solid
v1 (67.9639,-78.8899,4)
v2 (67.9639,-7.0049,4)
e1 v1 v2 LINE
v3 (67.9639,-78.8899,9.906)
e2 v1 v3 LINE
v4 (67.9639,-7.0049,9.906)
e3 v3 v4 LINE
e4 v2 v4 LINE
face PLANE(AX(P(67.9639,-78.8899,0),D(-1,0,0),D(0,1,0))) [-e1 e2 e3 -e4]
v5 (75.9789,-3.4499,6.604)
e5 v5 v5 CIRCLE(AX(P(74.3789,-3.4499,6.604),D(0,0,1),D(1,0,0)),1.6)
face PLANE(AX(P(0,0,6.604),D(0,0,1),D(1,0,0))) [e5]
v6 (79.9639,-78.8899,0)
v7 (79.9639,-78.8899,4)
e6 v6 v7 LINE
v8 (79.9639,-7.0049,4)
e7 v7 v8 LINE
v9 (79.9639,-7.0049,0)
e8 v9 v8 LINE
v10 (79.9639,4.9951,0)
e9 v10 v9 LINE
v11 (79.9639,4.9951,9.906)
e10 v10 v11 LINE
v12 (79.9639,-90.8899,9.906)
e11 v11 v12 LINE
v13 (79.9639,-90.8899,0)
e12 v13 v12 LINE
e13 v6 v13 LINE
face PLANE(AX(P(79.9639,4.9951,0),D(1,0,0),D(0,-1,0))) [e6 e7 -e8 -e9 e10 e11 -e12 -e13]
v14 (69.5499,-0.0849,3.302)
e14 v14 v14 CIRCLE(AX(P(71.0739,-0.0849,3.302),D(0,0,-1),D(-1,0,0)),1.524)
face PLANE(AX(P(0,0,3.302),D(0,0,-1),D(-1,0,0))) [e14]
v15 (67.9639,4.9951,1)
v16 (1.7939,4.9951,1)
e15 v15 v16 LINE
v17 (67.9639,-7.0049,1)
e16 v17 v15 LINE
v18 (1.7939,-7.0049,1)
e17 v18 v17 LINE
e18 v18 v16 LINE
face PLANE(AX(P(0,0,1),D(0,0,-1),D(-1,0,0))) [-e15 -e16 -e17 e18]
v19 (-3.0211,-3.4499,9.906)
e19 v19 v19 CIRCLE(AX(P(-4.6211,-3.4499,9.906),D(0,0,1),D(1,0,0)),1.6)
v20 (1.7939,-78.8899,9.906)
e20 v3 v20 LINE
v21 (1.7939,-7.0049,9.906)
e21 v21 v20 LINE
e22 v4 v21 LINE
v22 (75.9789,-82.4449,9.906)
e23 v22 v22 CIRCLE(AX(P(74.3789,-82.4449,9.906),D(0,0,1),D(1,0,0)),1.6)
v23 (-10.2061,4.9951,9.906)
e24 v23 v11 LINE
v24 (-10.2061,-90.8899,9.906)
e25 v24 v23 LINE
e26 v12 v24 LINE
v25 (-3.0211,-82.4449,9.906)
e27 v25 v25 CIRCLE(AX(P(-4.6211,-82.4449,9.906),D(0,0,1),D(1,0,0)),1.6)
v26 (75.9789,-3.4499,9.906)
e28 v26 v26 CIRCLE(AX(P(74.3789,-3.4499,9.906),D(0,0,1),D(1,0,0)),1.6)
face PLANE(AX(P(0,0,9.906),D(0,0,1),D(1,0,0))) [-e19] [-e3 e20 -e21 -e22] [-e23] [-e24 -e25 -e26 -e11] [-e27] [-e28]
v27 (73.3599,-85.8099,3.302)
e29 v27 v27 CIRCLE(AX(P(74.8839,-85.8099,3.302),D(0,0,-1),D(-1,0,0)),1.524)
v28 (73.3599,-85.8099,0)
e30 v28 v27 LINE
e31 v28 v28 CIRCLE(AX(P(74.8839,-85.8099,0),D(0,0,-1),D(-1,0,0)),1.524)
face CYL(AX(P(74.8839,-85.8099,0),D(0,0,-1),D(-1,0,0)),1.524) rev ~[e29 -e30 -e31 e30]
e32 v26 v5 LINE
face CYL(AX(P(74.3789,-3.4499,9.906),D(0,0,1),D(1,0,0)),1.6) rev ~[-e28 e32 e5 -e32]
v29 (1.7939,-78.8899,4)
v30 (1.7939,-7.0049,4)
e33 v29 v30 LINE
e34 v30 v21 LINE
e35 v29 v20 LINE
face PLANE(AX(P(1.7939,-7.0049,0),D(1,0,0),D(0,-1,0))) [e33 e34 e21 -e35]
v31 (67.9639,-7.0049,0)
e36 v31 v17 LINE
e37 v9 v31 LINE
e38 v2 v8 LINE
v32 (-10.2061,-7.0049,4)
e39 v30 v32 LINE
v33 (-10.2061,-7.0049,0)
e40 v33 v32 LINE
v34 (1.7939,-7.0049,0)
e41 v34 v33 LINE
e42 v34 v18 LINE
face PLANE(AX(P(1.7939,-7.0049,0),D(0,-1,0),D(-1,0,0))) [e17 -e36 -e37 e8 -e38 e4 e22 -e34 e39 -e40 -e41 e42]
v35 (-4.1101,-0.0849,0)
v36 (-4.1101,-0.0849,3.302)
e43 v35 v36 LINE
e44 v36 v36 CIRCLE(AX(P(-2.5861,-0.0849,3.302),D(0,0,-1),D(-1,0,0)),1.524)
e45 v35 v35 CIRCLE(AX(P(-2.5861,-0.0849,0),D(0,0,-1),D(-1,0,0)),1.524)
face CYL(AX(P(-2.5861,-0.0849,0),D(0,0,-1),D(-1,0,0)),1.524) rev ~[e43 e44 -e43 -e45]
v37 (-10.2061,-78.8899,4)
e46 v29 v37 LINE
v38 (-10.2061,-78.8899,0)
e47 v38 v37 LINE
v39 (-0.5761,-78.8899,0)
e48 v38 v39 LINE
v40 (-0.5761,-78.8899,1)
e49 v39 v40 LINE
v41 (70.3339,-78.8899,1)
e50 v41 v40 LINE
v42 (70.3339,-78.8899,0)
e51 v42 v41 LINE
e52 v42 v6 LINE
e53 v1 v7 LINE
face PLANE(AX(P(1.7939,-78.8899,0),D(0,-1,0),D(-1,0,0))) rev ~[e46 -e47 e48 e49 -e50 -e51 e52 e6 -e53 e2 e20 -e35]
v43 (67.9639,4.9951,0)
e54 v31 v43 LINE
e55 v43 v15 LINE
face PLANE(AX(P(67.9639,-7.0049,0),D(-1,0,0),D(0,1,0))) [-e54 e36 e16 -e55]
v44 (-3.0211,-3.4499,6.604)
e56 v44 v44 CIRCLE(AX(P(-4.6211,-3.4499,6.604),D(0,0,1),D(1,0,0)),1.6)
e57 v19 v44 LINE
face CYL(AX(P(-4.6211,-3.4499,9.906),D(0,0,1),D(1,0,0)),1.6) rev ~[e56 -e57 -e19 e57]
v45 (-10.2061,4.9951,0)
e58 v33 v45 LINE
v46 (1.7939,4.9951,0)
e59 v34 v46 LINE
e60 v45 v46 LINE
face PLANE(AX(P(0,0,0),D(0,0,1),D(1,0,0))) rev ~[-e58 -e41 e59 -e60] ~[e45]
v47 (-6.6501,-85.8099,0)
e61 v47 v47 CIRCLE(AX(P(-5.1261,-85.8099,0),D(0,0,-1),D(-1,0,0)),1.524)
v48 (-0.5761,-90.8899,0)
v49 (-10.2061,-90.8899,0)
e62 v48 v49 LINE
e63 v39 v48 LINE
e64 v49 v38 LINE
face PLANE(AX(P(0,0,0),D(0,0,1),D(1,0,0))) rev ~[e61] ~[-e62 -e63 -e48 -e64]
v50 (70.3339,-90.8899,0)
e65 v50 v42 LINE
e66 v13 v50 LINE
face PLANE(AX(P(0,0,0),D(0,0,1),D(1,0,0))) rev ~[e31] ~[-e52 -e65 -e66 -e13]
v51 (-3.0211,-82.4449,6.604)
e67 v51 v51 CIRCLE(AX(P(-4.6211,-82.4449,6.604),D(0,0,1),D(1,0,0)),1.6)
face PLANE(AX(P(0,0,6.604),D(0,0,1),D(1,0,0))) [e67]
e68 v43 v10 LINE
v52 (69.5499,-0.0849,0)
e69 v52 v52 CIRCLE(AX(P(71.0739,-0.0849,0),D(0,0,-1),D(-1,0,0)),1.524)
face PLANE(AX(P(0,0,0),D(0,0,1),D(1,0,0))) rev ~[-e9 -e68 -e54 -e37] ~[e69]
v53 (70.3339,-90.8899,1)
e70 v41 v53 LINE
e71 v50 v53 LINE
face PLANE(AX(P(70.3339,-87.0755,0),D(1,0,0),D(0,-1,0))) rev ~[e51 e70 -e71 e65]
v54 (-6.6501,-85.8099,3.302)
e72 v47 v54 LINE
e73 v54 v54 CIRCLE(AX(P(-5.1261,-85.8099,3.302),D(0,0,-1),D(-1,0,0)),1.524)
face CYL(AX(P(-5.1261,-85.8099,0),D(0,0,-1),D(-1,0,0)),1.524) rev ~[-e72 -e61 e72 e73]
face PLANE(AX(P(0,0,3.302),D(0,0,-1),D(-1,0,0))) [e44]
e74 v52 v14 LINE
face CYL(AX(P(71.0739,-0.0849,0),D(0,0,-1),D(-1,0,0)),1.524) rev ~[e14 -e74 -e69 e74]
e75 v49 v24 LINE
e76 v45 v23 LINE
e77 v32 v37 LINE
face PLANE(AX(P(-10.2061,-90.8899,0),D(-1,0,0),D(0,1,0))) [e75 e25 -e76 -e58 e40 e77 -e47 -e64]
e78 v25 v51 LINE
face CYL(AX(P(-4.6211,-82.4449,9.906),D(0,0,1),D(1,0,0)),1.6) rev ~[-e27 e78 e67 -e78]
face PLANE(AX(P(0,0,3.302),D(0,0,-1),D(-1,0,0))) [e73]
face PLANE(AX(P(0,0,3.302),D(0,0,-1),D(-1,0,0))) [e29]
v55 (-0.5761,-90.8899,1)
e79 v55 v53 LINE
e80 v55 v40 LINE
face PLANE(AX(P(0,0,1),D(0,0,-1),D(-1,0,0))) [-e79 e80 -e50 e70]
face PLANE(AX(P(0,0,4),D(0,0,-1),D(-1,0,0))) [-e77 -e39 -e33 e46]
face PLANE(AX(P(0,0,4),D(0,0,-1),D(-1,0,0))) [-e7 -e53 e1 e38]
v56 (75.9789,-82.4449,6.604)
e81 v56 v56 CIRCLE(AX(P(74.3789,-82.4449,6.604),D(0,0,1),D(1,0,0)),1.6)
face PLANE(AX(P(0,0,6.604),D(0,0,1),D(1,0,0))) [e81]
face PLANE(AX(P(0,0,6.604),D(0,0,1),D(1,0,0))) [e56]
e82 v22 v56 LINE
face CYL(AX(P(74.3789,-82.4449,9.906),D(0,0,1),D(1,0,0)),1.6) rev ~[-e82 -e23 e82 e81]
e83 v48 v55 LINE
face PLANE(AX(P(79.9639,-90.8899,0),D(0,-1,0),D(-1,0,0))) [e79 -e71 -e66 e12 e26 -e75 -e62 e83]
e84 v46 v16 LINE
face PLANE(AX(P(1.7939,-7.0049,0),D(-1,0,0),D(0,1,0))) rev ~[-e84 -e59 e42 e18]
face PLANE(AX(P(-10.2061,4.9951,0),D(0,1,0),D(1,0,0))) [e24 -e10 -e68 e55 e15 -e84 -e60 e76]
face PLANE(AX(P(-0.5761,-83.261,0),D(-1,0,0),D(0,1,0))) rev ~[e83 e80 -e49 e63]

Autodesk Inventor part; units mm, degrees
ref_plane "YZ Plane" through (0, 0, 0) normal (1, 0, 0) x (0, 1, 0)
ref_plane "XZ Plane" through (0, 0, 0) normal (0, 1, 0) x (-1, 0, 0)
ref_plane "XY Plane" through (0, 0, 0) normal (0, 0, 1) x (1, 0, 0)
sketch "Sketch1" plane through (0, 0, 0) normal (0, 0, 1) x (1, 0, 0)
  line L0 (-10.2061, 4.9951) -> (79.9639, 4.9951)
  line L1 (79.9639, 4.9951) -> (79.9639, -90.8899)
  line L2 (79.9639, -90.8899) -> (-10.2061, -90.8899)
  line L3 (-10.2061, -90.8899) -> (-10.2061, 4.9951)
  line L4 (67.9639, -78.8899) -> (1.7939, -78.8899)
  line L5 (67.9639, -78.8899) -> (67.9639, -7.0049)
  line L6 (67.9639, -7.0049) -> (1.7939, -7.0049)
  line L7 (1.7939, -7.0049) -> (1.7939, -78.8899)
  point P0 (0, 0)
  dimension "d0" = 90.17
  dimension "d1" = 95.885
extrude "Extrusion1" add sketch "Sketch1" along normal blind 9.906
sketch "Sketch2" plane through (0, 0, 9.906) normal (0, 0, 1) x (1, 0, 0)
  circle A0 centre (-4.6211, -82.4449) radius 1.6
  circle A1 centre (74.3789, -82.4449) radius 1.6
  circle A2 centre (-4.6211, -3.4499) radius 1.6
  circle A3 centre (74.3789, -3.4499) radius 1.6
  line L0 (79.9639, 4.9951) -> (-10.2061, 4.9951) projected
  line L1 (-10.2061, -90.8899) -> (79.9639, -90.8899) projected
  line L2 (79.9639, -90.8899) -> (79.9639, 4.9951) projected
  line L3 (-10.2061, 4.9951) -> (-10.2061, -90.8899) projected
  point P0 (0, 0)
  dimension "d18" = 3.2
  dimension "d19" = 3.2
  dimension "d20" = 3.2
  dimension "d21" = 3.2
  dimension "d22" = 8.445
  dimension "d23" = 8.445
  dimension "d24" = 8.445
  dimension "d25" = 8.445
  dimension "d26" = 5.585
  dimension "d27" = 5.585
  dimension "d28" = 5.585
  dimension "d29" = 5.585
extrude "Extrusion2" cut sketch "Sketch2" against normal blind 3.302 contours A0 | A1 | A2 | A3
thread "Thread1" size "6-32 UNC" class "2B" standard "ANSI Unified Screw Threads" full length
thread "Thread2" size "6-32 UNC" class "2B" standard "ANSI Unified Screw Threads" full length
thread "Thread3" size "6-32 UNC" class "2B" standard "ANSI Unified Screw Threads" full length
thread "Thread4" size "6-32 UNC" class "2B" standard "ANSI Unified Screw Threads" full length
sketch "Sketch3" plane through (0, 0, 0) normal (0, 0, -1) x (-1, 0, 0)
  circle A0 centre (-71.0739, -0.0849) radius 1.524
  circle A1 centre (5.1261, -85.8099) radius 1.524
  circle A2 centre (-74.8839, -85.8099) radius 1.524
  circle A3 centre (2.5861, -0.0849) radius 1.524
  line L0 (-79.9639, 4.9951) -> (10.2061, 4.9951) projected
  line L1 (-79.9639, -90.8899) -> (-79.9639, 4.9951) projected
  line L2 (10.2061, -90.8899) -> (-79.9639, -90.8899) projected
  line L3 (10.2061, 4.9951) -> (10.2061, -90.8899) projected
  point P0 (0, 0)
  dimension "d40" = 3.048
  dimension "d41" = 3.048
  dimension "d42" = 3.048
  dimension "d43" = 3.048
  dimension "d45" = 8.89
  dimension "d46" = 90.805
  dimension "d47" = 5.08
  dimension "d48" = 5.08
  dimension "d50" = 85.09
  dimension "d51" = 5.08
  dimension "d52" = 82.55
  dimension "d53" = 90.805
extrude "Extrusion3" cut sketch "Sketch3" against normal blind 3.302 contours A0 | A1 | A2 | A3
sketch "Sketch4" plane through (0, 0, 0) normal (0, 0, -1) x (-1, 0, 0)
  line L0 (-1.7939, -7.0049) -> (-67.9639, -7.0049) projected
  line L1 (-1.7939, -7.0049) -> (10.2061, -7.0049)
  line L2 (10.2061, 4.9951) -> (10.2061, -90.8899) projected
  line L3 (-1.7939, -78.8899) -> (10.2061, -78.8899)
  line L4 (-67.9639, -78.8899) -> (-1.7939, -78.8899) projected
  line L5 (10.2061, -78.8899) -> (-67.9639, -78.8899)
  line L6 (-67.9639, -78.8899) -> (-79.9639, -78.8899)
  line L7 (-79.9639, -90.8899) -> (-79.9639, 4.9951) projected
  line L8 (-67.9639, -7.0049) -> (-79.9639, -7.0049)
  line L9 (-67.9639, -7.0049) -> (-67.9639, -78.8899) projected
  line L10 (-67.9639, -7.8922) -> (-67.9639, -78.8899)
  line L11 (-67.9639, -78.8899) -> (-79.9639, -78.8899)
  line L12 (-1.7939, -7.0049) -> (-67.9639, -7.0049) projected
  line L13 (-79.9639, -7.0049) -> (-1.7939, -7.0049)
  line L14 (-1.7939, -78.8899) -> (-1.7939, -7.0049) projected
  line L15 (-1.7939, -7.0049) -> (-1.7939, -78.8899)
  line L16 (-1.7939, -78.8899) -> (10.2061, -78.8899)
  point P0 (0, 0)
extrude "Extrusion4" cut sketch "Sketch4" against normal blind 4 contours L1 L2 L3 L14 | L9 L6 L7 L8
sketch "Sketch5" plane through (0, 0, 0) normal (0, 0, -1) x (-1, 0, 0)
  line L0 (-79.9639, 4.9951) -> (10.2061, 4.9951) projected
  circle A0 centre (-71.0739, -0.0849) radius 1.524 projected
  circle A1 centre (2.5861, -0.0849) radius 1.524 projected
  line L1 (-1.7939, -7.0049) -> (-67.9639, -7.0049) projected
  line L2 (-1.7939, -7.0049) -> (-1.7939, 4.9951)
  line L3 (-67.9639, -7.0049) -> (-67.9639, 4.9951)
  line L4 (-67.9639, -7.0049) -> (-67.9639, -78.8899) projected
  line L5 (-67.9639, -78.8899) -> (-67.9639, -90.8899)
  line L6 (10.2061, -90.8899) -> (-79.9639, -90.8899) projected
  line L7 (-67.9639, -78.8899) -> (-1.7939, -78.8899) projected
  line L8 (-1.7939, -78.8899) -> (-1.7939, -90.8899)
  point P0 (0, 0)
extrude "Extrusion5" cut sketch "Sketch5" against normal blind 1 contours L7 L8 L6 L5 | L0 L2 L1 L3
sketch "Sketch6" plane through (0, 0, 0) normal (0, 0, -1) x (-1, 0, 0)
  line L0 (0.5761, -90.8899) -> (0.5761, -83.261)
  circle A0 centre (-74.8839, -85.8099) radius 1.524 projected
  circle A1 centre (5.1261, -85.8099) radius 1.524 projected
  line L1 (0.5761, -83.261) -> (0.5761, -78.8899)
  line L2 (10.2061, -78.8899) -> (-1.7939, -78.8899) projected
  line L3 (-70.3339, -87.0755) -> (-70.3339, -90.8899)
  line L4 (-70.3339, -87.0755) -> (-70.3339, -78.8899)
  line L5 (-67.9639, -78.8899) -> (-79.9639, -78.8899) projected
  line L6 (10.2061, -90.8899) -> (-79.9639, -90.8899) projected
  line L7 (-67.9639, -90.8899) -> (-67.9639, -78.8899)
  line L8 (-70.3339, -78.8899) -> (-70.3339, -90.8899)
  line L9 (-1.7939, -90.8899) -> (0.5761, -90.8899)
  line L10 (-67.9639, -78.8899) -> (-1.7939, -78.8899) projected
  line L11 (0.5761, -78.8899) -> (-1.7939, -78.8899)
  line L12 (-1.7939, -78.8899) -> (-1.7939, -90.8899) projected
  line L13 (-1.7939, -78.8899) -> (-1.7939, -90.8899)
  point P0 (0, 0)
  dimension "d63" = 4.55
extrude "Extrusion6" cut sketch "Sketch6" against normal blind 1 contours L6 L12 L2 L1 L0 | L6 L3 L4 L5 L7
thread "Thread5" size "5-40 UNC" class "2B" standard "ANSI Unified Screw Threads" full length
thread "Thread6" size "5-40 UNC" class "2B" standard "ANSI Unified Screw Threads" full length
thread "Thread7" size "5-40 UNC" class "2B" standard "ANSI Unified Screw Threads" full length
thread "Thread8" size "5-40 UNC" class "2B" standard "ANSI Unified Screw Threads" full length
equation "\"BendRadius\" = Thickness"
equation "\"BendReliefWidth\" = Thickness"
equation "\"BendReliefDepth\" = 0.5 * Thickness"
equation "\"CornerReliefSize\" = 4 * Thickness"
equation "\"MinimumRemnant\" = 2 * Thickness"
equation "\"TransitionRadius\" = BendRadius"
equation "\"JacobiRadiusSize\" = BendRadius"
equation "\"GapSize\" = Thickness"
equation "\"Thickness\" = 3.048"
properties part number "ThomasBracket v2"
